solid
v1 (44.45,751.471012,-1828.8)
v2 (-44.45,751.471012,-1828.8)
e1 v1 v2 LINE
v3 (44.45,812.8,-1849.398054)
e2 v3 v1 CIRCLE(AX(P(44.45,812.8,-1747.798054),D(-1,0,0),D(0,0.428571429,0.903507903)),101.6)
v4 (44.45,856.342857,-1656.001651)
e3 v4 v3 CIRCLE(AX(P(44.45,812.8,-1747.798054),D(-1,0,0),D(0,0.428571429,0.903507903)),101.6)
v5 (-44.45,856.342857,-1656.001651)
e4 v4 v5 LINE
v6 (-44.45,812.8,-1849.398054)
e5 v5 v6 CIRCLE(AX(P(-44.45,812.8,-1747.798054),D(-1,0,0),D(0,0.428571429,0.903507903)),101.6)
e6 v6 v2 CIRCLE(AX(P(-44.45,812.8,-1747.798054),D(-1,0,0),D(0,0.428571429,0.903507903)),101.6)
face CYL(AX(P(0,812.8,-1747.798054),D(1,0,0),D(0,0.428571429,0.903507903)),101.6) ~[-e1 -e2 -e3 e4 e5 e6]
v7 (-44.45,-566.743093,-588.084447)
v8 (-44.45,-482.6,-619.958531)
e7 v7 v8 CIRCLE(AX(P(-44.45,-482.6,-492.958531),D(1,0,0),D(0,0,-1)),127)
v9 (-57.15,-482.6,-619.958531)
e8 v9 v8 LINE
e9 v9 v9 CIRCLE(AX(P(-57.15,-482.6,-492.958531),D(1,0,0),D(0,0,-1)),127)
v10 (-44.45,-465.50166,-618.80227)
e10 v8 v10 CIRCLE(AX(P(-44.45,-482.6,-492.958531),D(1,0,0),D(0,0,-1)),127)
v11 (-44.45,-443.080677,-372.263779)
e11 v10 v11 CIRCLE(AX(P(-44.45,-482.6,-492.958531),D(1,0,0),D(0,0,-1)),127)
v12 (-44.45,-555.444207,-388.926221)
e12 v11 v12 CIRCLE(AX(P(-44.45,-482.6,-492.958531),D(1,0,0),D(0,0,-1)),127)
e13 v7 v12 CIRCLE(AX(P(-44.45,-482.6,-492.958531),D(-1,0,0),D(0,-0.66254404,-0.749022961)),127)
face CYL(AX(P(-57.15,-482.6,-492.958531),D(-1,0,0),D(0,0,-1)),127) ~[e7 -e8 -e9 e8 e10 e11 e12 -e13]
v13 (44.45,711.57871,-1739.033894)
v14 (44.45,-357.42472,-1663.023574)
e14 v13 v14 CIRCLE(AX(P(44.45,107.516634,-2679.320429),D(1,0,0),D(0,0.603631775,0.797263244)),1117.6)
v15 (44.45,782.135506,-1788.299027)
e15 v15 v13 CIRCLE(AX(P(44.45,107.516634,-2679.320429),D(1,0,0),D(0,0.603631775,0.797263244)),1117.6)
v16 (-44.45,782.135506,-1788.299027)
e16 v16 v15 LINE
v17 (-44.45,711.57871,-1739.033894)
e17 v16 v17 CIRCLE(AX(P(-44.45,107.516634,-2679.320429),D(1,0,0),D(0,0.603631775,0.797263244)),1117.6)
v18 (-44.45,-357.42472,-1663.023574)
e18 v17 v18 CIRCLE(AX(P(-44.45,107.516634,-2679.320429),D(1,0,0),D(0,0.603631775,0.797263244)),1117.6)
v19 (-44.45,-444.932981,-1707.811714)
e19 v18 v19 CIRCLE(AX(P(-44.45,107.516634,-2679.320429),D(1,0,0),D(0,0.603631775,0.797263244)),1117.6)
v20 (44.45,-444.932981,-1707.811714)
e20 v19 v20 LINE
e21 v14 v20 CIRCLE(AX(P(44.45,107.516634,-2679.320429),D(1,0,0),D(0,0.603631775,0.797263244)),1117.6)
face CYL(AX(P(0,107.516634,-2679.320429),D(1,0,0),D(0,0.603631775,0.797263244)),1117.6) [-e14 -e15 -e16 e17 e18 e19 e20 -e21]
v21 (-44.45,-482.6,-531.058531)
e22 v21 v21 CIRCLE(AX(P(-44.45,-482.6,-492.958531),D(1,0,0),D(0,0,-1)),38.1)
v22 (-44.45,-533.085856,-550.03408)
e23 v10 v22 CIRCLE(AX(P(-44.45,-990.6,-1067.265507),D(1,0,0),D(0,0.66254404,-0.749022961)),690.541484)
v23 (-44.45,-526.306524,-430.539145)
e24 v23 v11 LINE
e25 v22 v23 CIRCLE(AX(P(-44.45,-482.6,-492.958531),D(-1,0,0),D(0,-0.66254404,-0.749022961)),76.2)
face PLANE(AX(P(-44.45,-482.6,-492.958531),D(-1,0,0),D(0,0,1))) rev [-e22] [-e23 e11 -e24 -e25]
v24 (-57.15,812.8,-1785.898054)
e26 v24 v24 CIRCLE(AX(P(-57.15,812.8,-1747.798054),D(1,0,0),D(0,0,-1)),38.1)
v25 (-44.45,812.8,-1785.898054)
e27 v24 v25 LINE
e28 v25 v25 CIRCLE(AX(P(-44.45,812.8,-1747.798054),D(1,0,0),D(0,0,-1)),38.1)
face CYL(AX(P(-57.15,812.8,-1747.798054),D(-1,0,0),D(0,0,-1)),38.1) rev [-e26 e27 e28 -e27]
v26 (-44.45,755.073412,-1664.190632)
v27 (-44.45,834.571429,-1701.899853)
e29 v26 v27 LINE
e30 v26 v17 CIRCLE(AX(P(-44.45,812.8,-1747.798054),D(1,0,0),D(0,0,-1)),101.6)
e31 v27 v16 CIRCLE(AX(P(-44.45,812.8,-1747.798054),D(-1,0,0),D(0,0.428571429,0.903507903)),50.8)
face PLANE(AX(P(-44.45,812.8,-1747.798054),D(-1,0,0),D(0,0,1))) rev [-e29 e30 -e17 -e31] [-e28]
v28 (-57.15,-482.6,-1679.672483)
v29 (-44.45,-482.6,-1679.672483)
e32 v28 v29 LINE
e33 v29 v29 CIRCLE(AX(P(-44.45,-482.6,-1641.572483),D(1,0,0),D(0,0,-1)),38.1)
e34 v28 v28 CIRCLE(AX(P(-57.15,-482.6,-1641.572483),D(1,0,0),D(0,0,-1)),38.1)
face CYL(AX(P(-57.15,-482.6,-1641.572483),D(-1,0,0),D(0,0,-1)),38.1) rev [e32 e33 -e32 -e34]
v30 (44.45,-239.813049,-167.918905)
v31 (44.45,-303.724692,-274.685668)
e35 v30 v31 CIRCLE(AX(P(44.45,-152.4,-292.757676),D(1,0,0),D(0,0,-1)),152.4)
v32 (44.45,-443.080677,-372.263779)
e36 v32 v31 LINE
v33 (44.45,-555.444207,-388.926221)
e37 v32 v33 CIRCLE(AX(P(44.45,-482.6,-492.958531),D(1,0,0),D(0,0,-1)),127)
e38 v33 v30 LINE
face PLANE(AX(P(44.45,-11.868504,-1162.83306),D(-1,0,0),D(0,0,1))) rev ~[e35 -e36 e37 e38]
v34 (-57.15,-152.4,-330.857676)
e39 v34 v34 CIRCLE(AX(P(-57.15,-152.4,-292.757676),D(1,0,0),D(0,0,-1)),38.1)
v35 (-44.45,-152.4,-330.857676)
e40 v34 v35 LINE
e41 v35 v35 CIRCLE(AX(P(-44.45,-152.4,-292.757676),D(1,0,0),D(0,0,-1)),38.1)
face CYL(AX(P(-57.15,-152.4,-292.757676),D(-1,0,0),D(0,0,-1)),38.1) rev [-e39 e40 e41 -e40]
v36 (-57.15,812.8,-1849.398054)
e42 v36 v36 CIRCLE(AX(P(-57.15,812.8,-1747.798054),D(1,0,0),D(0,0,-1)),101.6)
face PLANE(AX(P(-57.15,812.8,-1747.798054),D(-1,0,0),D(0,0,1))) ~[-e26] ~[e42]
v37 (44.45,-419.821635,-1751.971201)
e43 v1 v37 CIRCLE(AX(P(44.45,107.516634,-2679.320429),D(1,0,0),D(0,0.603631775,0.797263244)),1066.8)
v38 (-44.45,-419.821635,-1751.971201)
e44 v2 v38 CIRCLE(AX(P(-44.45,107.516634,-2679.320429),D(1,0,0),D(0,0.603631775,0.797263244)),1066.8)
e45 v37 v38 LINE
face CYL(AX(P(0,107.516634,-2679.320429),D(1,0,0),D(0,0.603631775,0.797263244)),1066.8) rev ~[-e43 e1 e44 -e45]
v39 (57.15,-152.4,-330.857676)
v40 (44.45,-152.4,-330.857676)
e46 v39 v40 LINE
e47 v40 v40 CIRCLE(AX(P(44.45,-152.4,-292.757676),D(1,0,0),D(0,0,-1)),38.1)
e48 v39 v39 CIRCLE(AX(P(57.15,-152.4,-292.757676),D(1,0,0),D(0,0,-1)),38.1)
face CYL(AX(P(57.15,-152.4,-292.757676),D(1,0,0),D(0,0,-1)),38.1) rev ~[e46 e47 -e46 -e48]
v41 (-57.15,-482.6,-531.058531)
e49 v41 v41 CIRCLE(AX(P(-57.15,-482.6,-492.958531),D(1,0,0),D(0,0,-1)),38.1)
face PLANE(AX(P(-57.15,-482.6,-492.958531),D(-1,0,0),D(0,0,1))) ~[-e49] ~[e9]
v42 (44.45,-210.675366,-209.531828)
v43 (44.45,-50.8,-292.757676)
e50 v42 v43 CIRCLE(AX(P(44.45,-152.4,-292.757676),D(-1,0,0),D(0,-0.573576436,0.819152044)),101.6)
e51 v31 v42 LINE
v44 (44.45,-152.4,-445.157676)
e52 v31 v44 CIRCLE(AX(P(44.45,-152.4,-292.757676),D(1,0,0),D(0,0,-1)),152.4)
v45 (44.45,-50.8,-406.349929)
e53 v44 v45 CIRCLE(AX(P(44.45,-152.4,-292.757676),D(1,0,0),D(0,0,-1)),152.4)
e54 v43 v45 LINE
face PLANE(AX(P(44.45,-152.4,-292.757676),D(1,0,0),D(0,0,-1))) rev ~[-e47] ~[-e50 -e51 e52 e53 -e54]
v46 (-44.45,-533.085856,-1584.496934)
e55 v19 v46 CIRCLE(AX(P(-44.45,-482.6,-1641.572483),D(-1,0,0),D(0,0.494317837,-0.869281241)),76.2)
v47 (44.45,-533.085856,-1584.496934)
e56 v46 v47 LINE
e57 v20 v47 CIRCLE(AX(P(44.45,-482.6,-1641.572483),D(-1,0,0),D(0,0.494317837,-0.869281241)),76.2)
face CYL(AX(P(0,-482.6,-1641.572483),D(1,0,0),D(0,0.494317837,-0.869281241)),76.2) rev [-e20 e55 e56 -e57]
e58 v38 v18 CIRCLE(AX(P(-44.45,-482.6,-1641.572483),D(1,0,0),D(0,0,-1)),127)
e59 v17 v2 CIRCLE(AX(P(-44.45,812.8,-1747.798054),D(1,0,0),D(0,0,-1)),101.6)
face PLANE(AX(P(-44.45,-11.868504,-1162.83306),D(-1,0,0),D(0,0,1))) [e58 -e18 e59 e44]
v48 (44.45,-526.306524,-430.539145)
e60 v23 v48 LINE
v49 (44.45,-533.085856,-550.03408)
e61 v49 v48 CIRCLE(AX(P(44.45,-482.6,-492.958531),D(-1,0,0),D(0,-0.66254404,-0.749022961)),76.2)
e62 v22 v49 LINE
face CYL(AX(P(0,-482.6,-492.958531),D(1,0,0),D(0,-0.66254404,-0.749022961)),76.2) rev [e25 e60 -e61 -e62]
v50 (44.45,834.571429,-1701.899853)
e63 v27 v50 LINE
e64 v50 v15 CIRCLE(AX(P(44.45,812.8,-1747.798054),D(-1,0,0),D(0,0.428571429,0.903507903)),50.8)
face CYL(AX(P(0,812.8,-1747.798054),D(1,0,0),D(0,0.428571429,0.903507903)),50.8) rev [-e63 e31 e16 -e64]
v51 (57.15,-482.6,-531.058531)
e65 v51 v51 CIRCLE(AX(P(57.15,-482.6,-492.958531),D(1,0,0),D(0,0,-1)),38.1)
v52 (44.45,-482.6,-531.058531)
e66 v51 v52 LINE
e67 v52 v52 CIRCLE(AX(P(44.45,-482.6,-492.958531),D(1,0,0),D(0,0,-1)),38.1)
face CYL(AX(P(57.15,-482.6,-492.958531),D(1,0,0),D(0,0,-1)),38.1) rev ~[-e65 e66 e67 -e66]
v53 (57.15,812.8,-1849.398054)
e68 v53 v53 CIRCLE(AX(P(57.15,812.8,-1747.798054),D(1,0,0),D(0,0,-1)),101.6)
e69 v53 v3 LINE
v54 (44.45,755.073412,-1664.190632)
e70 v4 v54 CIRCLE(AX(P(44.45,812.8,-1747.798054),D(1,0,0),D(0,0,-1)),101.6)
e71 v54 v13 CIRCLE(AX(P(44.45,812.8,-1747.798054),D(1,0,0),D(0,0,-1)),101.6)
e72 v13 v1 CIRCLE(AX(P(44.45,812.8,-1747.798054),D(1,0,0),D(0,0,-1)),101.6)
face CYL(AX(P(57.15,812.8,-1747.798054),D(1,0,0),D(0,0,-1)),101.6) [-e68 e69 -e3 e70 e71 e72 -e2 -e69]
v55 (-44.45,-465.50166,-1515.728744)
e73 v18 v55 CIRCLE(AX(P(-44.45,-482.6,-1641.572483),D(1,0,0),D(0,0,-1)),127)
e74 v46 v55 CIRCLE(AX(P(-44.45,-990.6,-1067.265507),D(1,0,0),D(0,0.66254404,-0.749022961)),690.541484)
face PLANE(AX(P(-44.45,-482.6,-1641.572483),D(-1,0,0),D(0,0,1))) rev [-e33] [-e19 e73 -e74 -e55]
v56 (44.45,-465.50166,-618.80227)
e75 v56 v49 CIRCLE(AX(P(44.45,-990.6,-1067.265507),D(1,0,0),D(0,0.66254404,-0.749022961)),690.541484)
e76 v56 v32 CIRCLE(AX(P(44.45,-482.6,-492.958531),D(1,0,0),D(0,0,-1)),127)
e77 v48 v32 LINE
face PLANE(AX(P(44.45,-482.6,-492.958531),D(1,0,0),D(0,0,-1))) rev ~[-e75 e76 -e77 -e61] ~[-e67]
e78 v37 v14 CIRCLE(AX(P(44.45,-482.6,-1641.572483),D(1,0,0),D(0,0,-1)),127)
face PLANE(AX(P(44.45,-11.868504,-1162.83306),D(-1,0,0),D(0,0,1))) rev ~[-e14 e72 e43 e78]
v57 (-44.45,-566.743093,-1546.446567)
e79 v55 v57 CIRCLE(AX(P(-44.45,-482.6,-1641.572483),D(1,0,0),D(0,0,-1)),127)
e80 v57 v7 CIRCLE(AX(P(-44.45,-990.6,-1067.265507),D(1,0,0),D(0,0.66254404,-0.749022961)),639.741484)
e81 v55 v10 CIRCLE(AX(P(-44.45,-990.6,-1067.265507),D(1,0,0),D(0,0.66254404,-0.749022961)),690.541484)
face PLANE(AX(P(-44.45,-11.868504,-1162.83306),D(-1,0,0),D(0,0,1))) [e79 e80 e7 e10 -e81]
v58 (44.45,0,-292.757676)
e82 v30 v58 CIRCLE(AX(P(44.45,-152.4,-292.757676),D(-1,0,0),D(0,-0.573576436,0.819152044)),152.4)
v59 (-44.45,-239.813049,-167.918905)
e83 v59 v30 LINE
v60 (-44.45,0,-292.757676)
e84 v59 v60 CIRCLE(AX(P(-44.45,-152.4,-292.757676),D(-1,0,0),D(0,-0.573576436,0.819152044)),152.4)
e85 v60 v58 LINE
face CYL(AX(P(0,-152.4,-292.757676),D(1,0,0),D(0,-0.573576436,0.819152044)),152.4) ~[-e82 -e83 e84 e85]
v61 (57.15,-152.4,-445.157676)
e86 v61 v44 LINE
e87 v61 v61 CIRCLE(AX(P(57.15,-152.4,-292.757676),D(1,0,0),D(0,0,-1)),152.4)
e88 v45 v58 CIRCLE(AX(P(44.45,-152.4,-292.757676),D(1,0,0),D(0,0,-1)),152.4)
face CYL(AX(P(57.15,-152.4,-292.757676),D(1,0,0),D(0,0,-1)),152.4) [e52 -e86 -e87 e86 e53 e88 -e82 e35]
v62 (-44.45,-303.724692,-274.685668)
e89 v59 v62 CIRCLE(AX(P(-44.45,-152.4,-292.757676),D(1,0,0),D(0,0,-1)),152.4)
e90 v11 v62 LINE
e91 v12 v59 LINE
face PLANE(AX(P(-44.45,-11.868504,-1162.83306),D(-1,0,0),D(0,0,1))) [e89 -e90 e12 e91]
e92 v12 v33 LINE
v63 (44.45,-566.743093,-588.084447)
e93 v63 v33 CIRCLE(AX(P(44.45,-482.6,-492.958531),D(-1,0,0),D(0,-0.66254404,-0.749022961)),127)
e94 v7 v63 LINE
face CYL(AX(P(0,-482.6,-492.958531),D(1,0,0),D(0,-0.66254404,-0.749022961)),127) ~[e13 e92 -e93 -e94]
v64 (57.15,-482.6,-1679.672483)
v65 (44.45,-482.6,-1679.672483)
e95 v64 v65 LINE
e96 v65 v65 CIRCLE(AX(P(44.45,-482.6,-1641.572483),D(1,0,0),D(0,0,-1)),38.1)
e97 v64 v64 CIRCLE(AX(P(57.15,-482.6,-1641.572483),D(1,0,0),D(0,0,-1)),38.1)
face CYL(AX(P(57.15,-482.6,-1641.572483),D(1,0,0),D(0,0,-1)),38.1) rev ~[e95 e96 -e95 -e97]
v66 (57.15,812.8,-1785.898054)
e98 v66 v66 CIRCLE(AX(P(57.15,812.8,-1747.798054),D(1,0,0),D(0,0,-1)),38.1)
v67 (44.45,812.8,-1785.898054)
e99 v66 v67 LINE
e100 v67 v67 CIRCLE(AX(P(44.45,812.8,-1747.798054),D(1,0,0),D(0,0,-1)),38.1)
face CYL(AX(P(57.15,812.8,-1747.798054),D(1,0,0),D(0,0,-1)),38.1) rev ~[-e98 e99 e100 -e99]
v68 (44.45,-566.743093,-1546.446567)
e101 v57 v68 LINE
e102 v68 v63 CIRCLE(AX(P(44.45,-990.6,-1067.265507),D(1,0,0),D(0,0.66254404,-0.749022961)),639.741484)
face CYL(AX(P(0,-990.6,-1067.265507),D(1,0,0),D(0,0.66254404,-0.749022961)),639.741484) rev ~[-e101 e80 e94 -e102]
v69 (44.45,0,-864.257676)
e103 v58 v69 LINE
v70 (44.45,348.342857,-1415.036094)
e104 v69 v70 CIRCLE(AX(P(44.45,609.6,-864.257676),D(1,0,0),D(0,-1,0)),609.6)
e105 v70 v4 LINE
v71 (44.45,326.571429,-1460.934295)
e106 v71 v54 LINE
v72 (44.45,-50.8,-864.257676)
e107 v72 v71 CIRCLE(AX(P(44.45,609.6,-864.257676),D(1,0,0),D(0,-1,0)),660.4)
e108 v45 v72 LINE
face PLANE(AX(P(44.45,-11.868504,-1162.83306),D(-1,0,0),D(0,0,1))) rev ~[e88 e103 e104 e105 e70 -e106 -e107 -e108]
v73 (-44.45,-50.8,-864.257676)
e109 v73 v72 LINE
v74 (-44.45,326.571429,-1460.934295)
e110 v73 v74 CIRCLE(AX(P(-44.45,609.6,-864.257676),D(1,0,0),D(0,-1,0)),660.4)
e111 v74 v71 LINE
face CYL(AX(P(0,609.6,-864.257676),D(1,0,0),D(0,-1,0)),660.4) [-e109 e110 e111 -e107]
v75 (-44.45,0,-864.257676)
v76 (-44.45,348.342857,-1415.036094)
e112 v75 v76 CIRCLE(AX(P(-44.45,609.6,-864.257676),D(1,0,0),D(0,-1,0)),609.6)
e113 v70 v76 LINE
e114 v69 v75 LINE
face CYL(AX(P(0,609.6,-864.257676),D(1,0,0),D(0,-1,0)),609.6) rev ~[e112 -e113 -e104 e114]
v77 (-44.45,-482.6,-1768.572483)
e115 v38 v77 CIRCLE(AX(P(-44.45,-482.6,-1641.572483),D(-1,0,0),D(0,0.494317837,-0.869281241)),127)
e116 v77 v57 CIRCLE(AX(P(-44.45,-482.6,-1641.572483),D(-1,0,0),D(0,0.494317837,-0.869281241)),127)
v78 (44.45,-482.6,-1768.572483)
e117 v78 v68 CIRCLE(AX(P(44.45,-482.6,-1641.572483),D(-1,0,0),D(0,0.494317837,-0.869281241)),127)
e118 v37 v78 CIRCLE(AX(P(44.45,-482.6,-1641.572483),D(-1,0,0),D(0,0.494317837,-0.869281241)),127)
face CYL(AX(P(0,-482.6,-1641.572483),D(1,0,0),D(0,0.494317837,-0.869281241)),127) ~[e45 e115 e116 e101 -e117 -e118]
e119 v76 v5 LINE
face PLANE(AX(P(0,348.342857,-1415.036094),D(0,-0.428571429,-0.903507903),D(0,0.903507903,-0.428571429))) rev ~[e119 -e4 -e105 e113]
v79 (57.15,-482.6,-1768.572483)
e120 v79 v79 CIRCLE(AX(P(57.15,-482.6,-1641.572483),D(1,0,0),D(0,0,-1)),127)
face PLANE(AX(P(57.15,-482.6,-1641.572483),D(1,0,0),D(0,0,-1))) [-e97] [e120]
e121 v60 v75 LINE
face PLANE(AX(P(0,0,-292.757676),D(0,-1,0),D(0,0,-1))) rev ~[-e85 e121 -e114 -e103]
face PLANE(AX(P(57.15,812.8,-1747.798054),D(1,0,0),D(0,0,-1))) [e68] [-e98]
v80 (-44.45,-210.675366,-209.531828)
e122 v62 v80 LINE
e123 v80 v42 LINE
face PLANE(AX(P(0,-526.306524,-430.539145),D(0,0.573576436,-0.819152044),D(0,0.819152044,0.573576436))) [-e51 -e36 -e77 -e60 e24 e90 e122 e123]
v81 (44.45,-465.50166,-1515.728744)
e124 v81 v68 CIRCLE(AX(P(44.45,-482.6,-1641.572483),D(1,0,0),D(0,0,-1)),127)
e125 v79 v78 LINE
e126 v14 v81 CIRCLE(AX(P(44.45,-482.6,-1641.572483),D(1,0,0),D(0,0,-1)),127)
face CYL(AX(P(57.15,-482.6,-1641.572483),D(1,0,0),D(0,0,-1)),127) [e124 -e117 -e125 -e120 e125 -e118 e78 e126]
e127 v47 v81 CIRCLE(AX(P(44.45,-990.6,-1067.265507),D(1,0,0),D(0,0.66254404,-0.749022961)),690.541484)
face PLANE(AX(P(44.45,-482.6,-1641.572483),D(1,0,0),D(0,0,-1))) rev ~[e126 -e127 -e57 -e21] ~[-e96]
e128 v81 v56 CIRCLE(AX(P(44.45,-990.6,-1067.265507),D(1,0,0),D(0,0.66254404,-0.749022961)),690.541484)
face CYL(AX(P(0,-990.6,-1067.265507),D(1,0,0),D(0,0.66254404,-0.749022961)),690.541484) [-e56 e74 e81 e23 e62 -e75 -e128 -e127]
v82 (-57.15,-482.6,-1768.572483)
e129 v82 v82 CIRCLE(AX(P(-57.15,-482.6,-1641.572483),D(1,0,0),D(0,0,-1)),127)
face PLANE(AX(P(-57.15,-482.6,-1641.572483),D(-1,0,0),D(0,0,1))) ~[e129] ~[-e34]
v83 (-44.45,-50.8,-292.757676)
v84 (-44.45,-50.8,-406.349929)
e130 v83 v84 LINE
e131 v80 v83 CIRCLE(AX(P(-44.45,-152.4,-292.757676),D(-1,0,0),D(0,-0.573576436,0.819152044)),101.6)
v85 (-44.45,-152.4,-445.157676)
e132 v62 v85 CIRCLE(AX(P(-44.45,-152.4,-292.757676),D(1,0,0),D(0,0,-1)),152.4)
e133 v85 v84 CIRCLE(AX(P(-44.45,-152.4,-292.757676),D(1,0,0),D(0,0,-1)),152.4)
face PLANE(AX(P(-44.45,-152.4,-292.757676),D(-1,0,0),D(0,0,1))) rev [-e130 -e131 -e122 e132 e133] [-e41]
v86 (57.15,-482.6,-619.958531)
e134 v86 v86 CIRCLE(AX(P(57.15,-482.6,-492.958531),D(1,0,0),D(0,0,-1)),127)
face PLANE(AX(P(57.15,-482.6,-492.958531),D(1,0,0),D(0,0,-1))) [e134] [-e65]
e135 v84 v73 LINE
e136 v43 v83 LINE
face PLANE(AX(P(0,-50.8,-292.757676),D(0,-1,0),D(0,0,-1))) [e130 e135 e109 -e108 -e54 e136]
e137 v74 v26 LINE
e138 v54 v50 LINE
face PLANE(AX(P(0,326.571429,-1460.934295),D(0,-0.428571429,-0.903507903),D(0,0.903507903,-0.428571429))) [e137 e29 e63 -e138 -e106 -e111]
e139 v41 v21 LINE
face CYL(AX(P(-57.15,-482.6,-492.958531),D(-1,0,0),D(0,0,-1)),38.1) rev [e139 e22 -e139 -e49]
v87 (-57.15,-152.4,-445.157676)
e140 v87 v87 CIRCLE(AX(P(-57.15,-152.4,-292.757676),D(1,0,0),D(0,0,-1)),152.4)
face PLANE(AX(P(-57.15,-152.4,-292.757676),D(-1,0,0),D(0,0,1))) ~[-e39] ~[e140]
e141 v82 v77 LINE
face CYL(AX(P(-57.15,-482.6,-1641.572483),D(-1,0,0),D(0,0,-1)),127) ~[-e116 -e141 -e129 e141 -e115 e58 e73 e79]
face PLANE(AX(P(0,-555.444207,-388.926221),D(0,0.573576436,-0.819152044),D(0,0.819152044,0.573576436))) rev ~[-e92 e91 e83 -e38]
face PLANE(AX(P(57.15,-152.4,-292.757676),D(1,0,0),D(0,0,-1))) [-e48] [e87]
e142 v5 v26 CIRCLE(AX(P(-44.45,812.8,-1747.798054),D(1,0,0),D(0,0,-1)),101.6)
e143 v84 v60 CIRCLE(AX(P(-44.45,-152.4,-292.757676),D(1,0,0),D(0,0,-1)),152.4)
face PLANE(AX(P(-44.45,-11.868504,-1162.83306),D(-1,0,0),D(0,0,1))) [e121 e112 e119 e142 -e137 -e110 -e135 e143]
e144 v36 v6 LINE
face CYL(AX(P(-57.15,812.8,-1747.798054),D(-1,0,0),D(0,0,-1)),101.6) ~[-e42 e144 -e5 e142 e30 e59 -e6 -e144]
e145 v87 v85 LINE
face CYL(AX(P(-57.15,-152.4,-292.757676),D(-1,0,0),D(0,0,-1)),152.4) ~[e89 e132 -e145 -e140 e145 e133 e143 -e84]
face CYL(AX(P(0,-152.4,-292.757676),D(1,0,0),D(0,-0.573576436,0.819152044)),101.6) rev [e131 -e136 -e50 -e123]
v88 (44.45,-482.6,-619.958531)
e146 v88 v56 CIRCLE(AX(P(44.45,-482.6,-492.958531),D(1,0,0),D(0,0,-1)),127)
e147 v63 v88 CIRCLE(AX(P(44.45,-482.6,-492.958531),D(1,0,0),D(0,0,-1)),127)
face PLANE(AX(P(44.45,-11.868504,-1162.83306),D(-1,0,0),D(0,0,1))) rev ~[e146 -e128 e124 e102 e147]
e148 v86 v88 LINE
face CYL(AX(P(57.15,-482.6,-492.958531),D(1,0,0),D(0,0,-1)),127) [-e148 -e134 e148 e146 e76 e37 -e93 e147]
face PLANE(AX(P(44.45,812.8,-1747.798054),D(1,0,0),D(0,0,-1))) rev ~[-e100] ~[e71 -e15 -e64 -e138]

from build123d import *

# Parameters (mm, degrees)
BOSS_EXTRUDE1_DEPTH = 44.449999999999996
BOSS_EXTRUDE2_START = 12.7
SKETCH2_R           = 127.00000000000026
SKETCH2_R_2         = 38.09999999999998
SKETCH2_R_3         = 152.39999999999995
SKETCH2_R_4         = 38.10000000000004
SKETCH2_R_5         = 127.00000000000524
SKETCH2_R_6         = 38.10000000000009
SKETCH2_R_7         = 101.59999999999945
SKETCH2_R_8         = 38.10000000000007
BOSS_EXTRUDE2_DEPTH = 12.7


with BuildPart() as part:
    # Sketch1 → Boss-Extrude1 (new, symmetric)
    with BuildSketch(Plane(origin=(0, 0, 0), x_dir=(0, 0, -1), z_dir=(1, 0, 0))):
        with BuildLine():
            Line((292.75767615040746, -1.5786e-13), (864.2576761504075, -4.1113e-13))
            ThreePointArc((864.2576761504075, -4.1113e-13), (1190.1025822900356, 94.39396631749571), (1415.036093761449, 348.34285714285653))
            Line((1415.036093761449, 348.34285714285653), (1656.0016514662793, 856.3428571428565))
            ThreePointArc((1656.0016514662793, 856.3428571428565), (1800.5110136275975, 899.6556499579777), (1828.8000000000002, 751.4710116727003))
            ThreePointArc((1828.8000000000002, 751.4710116727003), (1614.8079841790877, 177.34138113633213), (1751.9712010597207, -419.8216346557389))
            ThreePointArc((1751.9712010597207, -419.8216346557389), (1715.4290562941019, -585.9160522435095), (1546.4465674603723, -566.7430930182793))
            ThreePointArc((1546.4465674603723, -566.7430930182793), (1067.265507093057, -350.8585161091587), (588.0844467257416, -566.7430930182793))
            ThreePointArc((588.0844467257416, -566.7430930182793), (485.76498042432655, -609.3961073308187), (388.92622108801334, -555.4442074165836))
            Line((388.92622108801334, -555.4442074165836), (167.91890460076553, -239.8130488999002))
            ThreePointArc((167.91890460076553, -239.8130488999002), (157.5772251740463, -82.02951134298137), (292.75767615040746, -1.5786e-13))
        make_face()
        with BuildLine():
            Line((292.7576761504074, -50.8), (864.2576761504075, -50.8))
            ThreePointArc((864.2576761504075, -50.8), (1217.2563244683374, 51.46013017728751), (1460.9342952290358, 326.571428571428))
            Line((1460.9342952290358, 326.571428571428), (1701.8998529338662, 834.571428571428))
            ThreePointArc((1701.8998529338662, 834.571428571428), (1774.1545340145256, 856.2278249789883), (1788.2990272007264, 782.1355058363492))
            ThreePointArc((1788.2990272007264, 782.1355058363492), (1564.1169153883338, 180.66636908396612), (1707.8117140251866, -444.93298079344424))
            ThreePointArc((1707.8117140251866, -444.93298079344424), (1685.8864271658267, -544.589631346108), (1584.4969338655828, -533.0858558109679))
            ThreePointArc((1584.4969338655828, -533.0858558109679), (1067.265507093057, -300.058516109159), (550.0340803205312, -533.0858558109682))
            ThreePointArc((550.0340803205312, -533.0858558109682), (488.6424005396823, -558.6776643984912), (430.53914493789466, -526.306524449951))
            Line((430.53914493789466, -526.306524449951), (209.53182845064617, -210.6753659332667))
            ThreePointArc((209.53182845064617, -210.6753659332667), (202.6373754995001, -105.48634089532098), (292.7576761504074, -50.8))
        make_face(mode=Mode.SUBTRACT)
    extrude(amount=BOSS_EXTRUDE1_DEPTH, both=True)

    # Sketch2 → Boss-Extrude2 (add)
    # profile 1 of 4: a face of its own
    with BuildSketch(Plane(origin=(44.449999999999996, 0, 0), x_dir=(0, 0, -1), z_dir=(1, 0, 0)).offset(BOSS_EXTRUDE2_START)):
        with Locations((492.95853071271534, -482.60000000000036)):
            Circle(SKETCH2_R)
        with Locations((492.95853071271534, -482.60000000000036)):
            Circle(SKETCH2_R_2, mode=Mode.SUBTRACT)
    # profile 2 of 4: a face of its own
    with BuildSketch(Plane(origin=(44.449999999999996, 0, 0), x_dir=(0, 0, -1), z_dir=(1, 0, 0)).offset(BOSS_EXTRUDE2_START)):
        with Locations((292.7576761504074, -152.40000000000018)):
            Circle(SKETCH2_R_3)
        with Locations((292.7576761504074, -152.40000000000018)):
            Circle(SKETCH2_R_4, mode=Mode.SUBTRACT)
    # profile 3 of 4: a face of its own
    with BuildSketch(Plane(origin=(44.449999999999996, 0, 0), x_dir=(0, 0, -1), z_dir=(1, 0, 0)).offset(BOSS_EXTRUDE2_START)):
        with Locations((1641.5724834734083, -482.6000000000008)):
            Circle(SKETCH2_R_5)
        with Locations((1641.5724834734083, -482.6000000000008)):
            Circle(SKETCH2_R_6, mode=Mode.SUBTRACT)
    # profile 4 of 4: a face of its own
    with BuildSketch(Plane(origin=(44.449999999999996, 0, 0), x_dir=(0, 0, -1), z_dir=(1, 0, 0)).offset(BOSS_EXTRUDE2_START)):
        with Locations((1747.798054401453, 812.7999999999992)):
            Circle(SKETCH2_R_7)
        with Locations((1747.798054401453, 812.7999999999992)):
            Circle(SKETCH2_R_8, mode=Mode.SUBTRACT)
    boss_extrude2 = extrude(amount=-BOSS_EXTRUDE2_DEPTH)

    # Mirror1: Boss-Extrude2 across plane
    add(boss_extrude2.mirror(Plane(origin=(0, 0, 0), x_dir=(0, 0, 1), z_dir=(1, 0, 0))))


solid = part.part
